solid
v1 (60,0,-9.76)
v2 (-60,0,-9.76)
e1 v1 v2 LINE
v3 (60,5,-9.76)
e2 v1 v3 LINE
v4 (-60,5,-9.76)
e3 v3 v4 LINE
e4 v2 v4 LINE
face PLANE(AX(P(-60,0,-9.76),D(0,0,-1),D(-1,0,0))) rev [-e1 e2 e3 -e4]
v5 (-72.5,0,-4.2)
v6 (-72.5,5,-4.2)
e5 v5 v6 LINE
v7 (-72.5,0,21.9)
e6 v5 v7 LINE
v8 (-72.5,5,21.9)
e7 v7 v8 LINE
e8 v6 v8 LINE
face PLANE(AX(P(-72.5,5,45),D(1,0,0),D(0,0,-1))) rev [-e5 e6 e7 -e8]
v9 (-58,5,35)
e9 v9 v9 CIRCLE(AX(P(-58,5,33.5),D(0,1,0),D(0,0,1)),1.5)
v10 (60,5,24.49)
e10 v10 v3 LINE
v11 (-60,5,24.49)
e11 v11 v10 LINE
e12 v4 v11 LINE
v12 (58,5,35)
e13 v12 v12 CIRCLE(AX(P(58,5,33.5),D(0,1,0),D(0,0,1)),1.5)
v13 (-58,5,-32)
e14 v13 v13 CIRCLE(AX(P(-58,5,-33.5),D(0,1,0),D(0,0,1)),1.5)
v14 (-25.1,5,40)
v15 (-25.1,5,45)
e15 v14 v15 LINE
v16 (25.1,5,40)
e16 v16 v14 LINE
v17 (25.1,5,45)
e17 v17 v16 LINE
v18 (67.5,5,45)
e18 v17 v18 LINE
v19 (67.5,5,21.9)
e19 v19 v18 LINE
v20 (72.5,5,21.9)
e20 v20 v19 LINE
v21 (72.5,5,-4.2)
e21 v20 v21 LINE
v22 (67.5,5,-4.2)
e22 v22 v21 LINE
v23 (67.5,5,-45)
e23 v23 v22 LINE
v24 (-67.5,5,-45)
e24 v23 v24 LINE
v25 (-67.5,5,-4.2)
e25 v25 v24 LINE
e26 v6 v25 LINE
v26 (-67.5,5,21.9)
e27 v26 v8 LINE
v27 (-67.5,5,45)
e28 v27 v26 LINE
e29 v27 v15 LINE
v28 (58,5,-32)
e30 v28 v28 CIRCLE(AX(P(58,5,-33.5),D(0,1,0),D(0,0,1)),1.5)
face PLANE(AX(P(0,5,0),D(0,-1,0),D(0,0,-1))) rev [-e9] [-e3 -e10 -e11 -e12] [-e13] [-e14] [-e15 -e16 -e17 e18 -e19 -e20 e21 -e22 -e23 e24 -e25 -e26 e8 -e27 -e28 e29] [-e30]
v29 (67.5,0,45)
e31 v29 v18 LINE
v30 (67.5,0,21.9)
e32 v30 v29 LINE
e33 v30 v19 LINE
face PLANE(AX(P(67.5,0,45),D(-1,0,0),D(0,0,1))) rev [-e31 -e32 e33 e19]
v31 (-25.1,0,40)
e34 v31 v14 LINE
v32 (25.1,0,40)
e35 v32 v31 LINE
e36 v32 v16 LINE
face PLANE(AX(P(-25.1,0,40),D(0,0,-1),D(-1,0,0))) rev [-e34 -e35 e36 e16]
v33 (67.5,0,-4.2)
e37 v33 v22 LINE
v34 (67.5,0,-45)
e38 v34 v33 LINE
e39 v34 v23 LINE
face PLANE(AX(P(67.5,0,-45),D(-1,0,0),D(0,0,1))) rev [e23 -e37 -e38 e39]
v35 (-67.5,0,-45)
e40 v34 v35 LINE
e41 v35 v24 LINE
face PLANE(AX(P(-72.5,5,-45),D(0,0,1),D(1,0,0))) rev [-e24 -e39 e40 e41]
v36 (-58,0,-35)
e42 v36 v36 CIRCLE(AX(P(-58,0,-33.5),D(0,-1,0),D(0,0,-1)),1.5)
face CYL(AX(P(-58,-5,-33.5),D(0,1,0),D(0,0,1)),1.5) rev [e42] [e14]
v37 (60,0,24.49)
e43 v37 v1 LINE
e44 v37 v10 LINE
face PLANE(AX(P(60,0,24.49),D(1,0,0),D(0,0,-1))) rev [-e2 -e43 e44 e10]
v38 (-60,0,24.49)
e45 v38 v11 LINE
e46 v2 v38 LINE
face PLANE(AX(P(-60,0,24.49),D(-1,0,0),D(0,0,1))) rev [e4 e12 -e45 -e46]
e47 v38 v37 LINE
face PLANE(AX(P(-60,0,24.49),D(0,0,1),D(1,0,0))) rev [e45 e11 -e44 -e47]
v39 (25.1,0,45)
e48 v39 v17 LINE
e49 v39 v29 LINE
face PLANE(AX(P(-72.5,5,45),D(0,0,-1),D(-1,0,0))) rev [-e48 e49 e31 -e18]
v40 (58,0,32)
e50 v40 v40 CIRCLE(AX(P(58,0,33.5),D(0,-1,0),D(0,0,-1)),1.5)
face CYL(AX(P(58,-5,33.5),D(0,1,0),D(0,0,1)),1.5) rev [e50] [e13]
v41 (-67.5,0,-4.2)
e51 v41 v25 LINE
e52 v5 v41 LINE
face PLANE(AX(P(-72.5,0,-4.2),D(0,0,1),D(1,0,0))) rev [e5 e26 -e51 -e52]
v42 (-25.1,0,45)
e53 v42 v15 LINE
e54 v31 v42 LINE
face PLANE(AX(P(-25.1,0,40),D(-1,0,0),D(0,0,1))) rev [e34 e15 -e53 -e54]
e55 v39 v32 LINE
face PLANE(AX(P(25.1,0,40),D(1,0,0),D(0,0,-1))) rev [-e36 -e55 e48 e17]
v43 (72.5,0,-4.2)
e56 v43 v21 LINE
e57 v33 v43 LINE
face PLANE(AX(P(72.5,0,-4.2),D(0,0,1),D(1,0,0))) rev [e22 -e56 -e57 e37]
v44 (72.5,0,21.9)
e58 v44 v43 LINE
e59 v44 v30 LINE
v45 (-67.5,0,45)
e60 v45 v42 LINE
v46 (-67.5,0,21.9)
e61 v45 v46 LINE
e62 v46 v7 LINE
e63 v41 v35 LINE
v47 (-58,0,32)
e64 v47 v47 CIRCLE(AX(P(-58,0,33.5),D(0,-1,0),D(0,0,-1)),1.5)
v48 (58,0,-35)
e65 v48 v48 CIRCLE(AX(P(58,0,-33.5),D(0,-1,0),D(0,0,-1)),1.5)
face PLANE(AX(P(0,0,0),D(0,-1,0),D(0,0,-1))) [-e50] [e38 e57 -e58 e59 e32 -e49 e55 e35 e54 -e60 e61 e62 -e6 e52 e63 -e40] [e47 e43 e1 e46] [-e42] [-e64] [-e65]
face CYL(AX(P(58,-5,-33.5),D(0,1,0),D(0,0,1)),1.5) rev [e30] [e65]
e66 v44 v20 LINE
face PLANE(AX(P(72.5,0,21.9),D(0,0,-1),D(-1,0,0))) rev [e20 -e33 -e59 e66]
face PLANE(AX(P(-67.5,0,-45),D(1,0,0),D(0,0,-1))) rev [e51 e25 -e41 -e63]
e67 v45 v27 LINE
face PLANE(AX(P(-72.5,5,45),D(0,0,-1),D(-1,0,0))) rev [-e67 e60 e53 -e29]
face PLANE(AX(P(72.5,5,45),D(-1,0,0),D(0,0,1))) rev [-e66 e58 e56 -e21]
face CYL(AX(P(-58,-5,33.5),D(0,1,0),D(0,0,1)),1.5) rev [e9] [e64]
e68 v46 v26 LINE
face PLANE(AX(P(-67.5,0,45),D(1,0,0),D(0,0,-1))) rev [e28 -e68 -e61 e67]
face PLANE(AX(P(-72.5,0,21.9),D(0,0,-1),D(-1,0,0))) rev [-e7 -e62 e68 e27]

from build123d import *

# Parameters (mm, degrees)
SKETCH1_W           = 145
SKETCH1_H           = 90
BOSS_EXTRUDE1_DEPTH = 5
SKETCH3_W           = 120
SKETCH3_H           = 34.25
CUT_EXTRUDE1_DEPTH  = 5
SKETCH4_W           = 5
SKETCH4_H           = 40.8
SKETCH4_H_2         = 23.1
CUT_EXTRUDE2_DEPTH  = 5
SKETCH7_W           = 50.2
SKETCH7_H           = 5
CUT_EXTRUDE3_DEPTH  = 5
SKETCH9_R           = 1.5
CUT_EXTRUDE4_DEPTH  = 10


with BuildPart() as part:
    # Sketch1 → Boss-Extrude1 (new body)
    with BuildSketch(Plane(origin=(0, 0, 0), x_dir=(1, 0, 0), z_dir=(0, 1, 0))):
        Rectangle(SKETCH1_W, SKETCH1_H)
    extrude(amount=BOSS_EXTRUDE1_DEPTH)

    # Sketch3 → Cut-Extrude1 (cut)
    with BuildSketch(Plane(origin=(0, 5, 0), x_dir=(1, 0, 0), z_dir=(0, 1, 0))):
        with Locations((0, -7.365)):
            Rectangle(SKETCH3_W, SKETCH3_H)
    extrude(amount=-CUT_EXTRUDE1_DEPTH, mode=Mode.SUBTRACT)

    # Sketch4 → Cut-Extrude2 (cut)
    with BuildSketch(Plane(origin=(0, 5, 0), x_dir=(1, 0, 0), z_dir=(0, 1, 0))):
        with Locations((-70, 24.6)):
            Rectangle(SKETCH4_W, SKETCH4_H)
        with Locations((-70, -33.45)):
            Rectangle(SKETCH4_W, SKETCH4_H_2)
        with Locations((70, -33.45)):
            Rectangle(SKETCH4_W, SKETCH4_H_2)
        with Locations((70, 24.6)):
            Rectangle(SKETCH4_W, SKETCH4_H)
    extrude(amount=-CUT_EXTRUDE2_DEPTH, mode=Mode.SUBTRACT)

    # Sketch7 → Cut-Extrude3 (cut)
    with BuildSketch(Plane(origin=(0, 5, 0), x_dir=(1, 0, 0), z_dir=(0, 1, 0))):
        with Locations((0, -42.5)):
            Rectangle(SKETCH7_W, SKETCH7_H)
    extrude(amount=-CUT_EXTRUDE3_DEPTH, mode=Mode.SUBTRACT)

    # Sketch9 → Cut-Extrude4 (cut)
    with BuildSketch(Plane(origin=(0, 5, 0), x_dir=(1, 0, 0), z_dir=(0, 1, 0))):
        with Locations(Location((-58, 33.5, 0), (0, 0, 270))):
            Circle(SKETCH9_R)
        with Locations(Location((58, 33.5, 0), (0, 0, 270))):
            Circle(SKETCH9_R)
        with Locations(Location((58, -33.5, 0), (0, 0, 270))):
            Circle(SKETCH9_R)
        with Locations(Location((-58, -33.5, 0), (0, 0, 270))):
            Circle(SKETCH9_R)
    extrude(amount=-CUT_EXTRUDE4_DEPTH, mode=Mode.SUBTRACT)


solid = part.part
